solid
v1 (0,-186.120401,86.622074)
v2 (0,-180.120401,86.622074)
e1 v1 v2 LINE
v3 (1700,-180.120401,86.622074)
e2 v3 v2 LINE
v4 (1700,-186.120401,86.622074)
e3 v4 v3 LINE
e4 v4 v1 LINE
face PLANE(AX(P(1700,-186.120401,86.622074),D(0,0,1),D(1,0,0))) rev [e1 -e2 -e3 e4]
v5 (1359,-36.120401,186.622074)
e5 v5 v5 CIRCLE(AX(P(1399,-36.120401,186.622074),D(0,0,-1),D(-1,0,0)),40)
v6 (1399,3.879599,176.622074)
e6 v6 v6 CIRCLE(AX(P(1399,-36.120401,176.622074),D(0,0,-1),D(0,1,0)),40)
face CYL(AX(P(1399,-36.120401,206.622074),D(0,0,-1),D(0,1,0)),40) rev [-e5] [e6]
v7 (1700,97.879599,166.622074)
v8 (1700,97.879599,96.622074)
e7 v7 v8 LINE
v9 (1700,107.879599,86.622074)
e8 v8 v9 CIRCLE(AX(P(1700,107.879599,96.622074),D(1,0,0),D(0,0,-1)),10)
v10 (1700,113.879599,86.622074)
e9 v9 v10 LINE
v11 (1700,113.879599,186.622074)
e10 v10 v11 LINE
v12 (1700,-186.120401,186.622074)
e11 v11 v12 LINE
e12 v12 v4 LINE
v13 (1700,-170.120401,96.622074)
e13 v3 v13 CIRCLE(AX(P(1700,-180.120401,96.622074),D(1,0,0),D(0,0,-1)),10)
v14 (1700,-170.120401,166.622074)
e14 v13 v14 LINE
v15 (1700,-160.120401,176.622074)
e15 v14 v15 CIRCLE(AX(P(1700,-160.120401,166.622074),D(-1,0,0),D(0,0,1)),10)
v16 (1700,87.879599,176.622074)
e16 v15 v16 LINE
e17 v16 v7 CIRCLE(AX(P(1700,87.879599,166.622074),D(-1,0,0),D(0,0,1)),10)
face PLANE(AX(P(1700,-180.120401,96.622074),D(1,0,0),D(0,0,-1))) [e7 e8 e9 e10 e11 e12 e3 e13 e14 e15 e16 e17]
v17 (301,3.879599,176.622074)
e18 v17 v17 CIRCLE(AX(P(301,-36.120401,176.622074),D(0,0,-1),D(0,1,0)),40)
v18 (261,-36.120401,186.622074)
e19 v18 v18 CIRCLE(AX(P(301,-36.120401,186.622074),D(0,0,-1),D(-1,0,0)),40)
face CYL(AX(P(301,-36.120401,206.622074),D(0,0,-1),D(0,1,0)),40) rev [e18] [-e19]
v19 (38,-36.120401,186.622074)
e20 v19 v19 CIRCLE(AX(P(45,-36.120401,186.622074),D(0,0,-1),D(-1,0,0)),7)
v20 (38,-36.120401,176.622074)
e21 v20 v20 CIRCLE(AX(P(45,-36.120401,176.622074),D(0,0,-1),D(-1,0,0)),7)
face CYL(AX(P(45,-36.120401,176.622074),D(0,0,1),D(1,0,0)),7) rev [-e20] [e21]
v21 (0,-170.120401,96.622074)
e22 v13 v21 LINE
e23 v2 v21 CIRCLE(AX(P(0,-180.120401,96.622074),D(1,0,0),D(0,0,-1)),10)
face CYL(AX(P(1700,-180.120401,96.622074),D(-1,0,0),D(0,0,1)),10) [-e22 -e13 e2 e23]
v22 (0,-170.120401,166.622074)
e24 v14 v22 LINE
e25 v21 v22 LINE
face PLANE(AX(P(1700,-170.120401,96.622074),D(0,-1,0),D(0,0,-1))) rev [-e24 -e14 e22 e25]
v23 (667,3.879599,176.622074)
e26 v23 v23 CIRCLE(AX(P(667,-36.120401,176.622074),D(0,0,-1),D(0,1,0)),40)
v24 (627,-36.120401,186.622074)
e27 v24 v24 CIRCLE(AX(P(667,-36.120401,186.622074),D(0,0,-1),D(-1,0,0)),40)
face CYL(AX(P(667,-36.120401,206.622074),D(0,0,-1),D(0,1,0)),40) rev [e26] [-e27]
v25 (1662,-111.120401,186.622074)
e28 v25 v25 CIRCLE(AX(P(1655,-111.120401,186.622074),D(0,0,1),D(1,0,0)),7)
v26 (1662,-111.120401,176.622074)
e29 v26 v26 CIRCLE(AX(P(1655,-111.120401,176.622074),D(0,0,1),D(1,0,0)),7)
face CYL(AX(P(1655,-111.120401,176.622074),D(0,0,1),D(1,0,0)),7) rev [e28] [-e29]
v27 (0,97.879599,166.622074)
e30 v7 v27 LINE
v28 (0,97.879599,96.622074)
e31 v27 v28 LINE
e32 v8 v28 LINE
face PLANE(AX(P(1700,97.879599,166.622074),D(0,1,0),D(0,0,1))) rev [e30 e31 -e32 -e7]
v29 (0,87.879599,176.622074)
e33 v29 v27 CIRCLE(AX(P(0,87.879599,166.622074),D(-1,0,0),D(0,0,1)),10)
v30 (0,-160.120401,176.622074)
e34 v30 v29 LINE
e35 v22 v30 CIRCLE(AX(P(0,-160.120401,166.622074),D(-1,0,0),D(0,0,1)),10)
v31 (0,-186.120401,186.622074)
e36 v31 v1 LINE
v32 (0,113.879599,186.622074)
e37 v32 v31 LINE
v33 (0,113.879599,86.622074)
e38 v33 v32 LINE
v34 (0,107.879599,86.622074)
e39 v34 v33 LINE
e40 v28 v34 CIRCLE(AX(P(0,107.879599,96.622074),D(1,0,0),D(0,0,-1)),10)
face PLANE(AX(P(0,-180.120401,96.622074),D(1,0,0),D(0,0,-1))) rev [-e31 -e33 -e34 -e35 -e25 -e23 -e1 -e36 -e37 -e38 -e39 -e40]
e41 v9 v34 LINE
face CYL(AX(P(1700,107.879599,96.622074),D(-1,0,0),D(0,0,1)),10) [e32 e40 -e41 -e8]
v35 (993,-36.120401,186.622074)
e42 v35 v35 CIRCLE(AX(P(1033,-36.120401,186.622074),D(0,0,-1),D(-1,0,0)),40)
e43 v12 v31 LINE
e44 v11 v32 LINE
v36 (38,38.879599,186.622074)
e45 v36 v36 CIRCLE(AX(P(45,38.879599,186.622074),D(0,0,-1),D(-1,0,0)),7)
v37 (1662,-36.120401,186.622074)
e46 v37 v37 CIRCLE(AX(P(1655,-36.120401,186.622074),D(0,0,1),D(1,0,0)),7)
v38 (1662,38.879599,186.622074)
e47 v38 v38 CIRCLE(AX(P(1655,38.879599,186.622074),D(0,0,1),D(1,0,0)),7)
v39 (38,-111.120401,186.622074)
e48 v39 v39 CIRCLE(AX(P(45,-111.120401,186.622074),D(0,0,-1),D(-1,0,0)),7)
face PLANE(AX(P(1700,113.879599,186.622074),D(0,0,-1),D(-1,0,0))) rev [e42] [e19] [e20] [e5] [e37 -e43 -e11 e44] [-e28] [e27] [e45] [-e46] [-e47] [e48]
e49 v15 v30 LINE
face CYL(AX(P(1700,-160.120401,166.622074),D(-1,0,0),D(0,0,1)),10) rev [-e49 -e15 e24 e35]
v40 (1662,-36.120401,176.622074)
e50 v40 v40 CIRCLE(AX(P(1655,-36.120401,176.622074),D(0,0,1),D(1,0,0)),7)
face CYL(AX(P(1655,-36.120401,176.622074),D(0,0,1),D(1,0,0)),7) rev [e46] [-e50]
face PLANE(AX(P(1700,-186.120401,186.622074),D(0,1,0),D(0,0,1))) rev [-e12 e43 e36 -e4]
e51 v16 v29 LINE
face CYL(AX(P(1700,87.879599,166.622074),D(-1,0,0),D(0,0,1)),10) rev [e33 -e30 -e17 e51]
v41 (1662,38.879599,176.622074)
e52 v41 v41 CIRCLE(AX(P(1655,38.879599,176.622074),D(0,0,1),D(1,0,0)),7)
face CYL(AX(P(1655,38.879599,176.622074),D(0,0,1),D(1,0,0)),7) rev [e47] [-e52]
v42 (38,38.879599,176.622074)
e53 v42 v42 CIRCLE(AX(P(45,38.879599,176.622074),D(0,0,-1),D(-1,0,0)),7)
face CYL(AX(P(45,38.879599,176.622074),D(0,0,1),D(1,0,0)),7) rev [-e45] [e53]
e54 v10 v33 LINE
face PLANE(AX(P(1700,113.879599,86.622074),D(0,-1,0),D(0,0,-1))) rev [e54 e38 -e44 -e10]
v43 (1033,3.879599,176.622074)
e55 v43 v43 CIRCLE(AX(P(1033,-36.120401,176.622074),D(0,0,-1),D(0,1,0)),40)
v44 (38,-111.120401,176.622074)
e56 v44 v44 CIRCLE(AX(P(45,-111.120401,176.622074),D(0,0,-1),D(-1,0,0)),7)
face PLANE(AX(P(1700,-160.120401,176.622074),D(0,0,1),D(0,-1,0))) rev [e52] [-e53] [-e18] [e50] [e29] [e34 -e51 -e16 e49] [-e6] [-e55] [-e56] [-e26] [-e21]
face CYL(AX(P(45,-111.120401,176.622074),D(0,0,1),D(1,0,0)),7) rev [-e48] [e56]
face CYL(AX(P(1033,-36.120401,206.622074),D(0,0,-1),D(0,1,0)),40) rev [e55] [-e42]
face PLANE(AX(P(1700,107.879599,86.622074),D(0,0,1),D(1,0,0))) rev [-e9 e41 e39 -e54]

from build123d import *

# Parameters (mm, degrees)
BOSS_EXTRUDE1_DEPTH = 1700
SKETCH3_R           = 7
CUT_EXTRUDE1_DEPTH  = 10
SKETCH5_R           = 40
CUT_EXTRUDE3_DEPTH  = 30
LPATTERN2_COUNT     = 4
LPATTERN2_PITCH     = 366


with BuildPart() as part:
    # Sketch1 → Boss-Extrude1 (new body)
    with BuildSketch(Plane(origin=(0, 0, 0), x_dir=(0, 0, -1), z_dir=(1, 0, 0))):
        with BuildLine():
            Line((-86.622073579, 113.879598662), (-186.622073579, 113.879598662))
            Line((-186.622073579, 113.879598662), (-186.622073579, -186.120401338))
            Line((-186.622073579, -186.120401338), (-86.622073579, -186.120401338))
            Line((-86.622073579, -186.120401338), (-86.622073579, -180.120401338))
            ThreePointArc((-86.622073579, -180.120401338), (-89.551005767, -173.049333526), (-96.622073579, -170.120401338))
            Line((-96.622073579, -170.120401338), (-166.622073579, -170.120401338))
            ThreePointArc((-166.622073579, -170.120401338), (-173.69314139, -167.19146915), (-176.622073579, -160.120401338))
            Line((-176.622073579, -160.120401338), (-176.622073579, 87.879598662))
            ThreePointArc((-176.622073579, 87.879598662), (-173.69314139, 94.950666474), (-166.622073579, 97.879598662))
            Line((-166.622073579, 97.879598662), (-96.622073579, 97.879598662))
            ThreePointArc((-96.622073579, 97.879598662), (-89.551005767, 100.80853085), (-86.622073579, 107.879598662))
            Line((-86.622073579, 107.879598662), (-86.622073579, 113.879598662))
        make_face()
    extrude(amount=BOSS_EXTRUDE1_DEPTH)

    # Sketch3 → Cut-Extrude1 (cut)
    with BuildSketch(Plane.XY.offset(186.622073579)):
        with Locations((1655, 38.879598662)):
            Circle(SKETCH3_R)
        with Locations((1655, -36.120401338)):
            Circle(SKETCH3_R)
        with Locations((1655, -111.120401338)):
            Circle(SKETCH3_R)
    cut_extrude1 = extrude(amount=-CUT_EXTRUDE1_DEPTH, mode=Mode.SUBTRACT)

    # Mirror1: Cut-Extrude1 across plane
    add(cut_extrude1.mirror(Plane(origin=(850, 0, 0), x_dir=(0, 0, 1), z_dir=(1, 0, 0))), mode=Mode.SUBTRACT)

    # Sketch5 → Cut-Extrude3 (cut)
    with BuildSketch(Plane(origin=(0, 0, 176.622073579), x_dir=(-1, 0, 0), z_dir=(0, 0, -1))):
        with Locations(Location((-1399, -36.120401338, 0), (0, 0, 90))):
            Circle(SKETCH5_R)
    cut_extrude3 = extrude(amount=-CUT_EXTRUDE3_DEPTH, mode=Mode.SUBTRACT)

    # LPattern2: Cut-Extrude3 ×4
    with Locations(*[(-i * LPATTERN2_PITCH, 0, 0) for i in range(1, LPATTERN2_COUNT)]):
        add(cut_extrude3, mode=Mode.SUBTRACT)


solid = part.part
